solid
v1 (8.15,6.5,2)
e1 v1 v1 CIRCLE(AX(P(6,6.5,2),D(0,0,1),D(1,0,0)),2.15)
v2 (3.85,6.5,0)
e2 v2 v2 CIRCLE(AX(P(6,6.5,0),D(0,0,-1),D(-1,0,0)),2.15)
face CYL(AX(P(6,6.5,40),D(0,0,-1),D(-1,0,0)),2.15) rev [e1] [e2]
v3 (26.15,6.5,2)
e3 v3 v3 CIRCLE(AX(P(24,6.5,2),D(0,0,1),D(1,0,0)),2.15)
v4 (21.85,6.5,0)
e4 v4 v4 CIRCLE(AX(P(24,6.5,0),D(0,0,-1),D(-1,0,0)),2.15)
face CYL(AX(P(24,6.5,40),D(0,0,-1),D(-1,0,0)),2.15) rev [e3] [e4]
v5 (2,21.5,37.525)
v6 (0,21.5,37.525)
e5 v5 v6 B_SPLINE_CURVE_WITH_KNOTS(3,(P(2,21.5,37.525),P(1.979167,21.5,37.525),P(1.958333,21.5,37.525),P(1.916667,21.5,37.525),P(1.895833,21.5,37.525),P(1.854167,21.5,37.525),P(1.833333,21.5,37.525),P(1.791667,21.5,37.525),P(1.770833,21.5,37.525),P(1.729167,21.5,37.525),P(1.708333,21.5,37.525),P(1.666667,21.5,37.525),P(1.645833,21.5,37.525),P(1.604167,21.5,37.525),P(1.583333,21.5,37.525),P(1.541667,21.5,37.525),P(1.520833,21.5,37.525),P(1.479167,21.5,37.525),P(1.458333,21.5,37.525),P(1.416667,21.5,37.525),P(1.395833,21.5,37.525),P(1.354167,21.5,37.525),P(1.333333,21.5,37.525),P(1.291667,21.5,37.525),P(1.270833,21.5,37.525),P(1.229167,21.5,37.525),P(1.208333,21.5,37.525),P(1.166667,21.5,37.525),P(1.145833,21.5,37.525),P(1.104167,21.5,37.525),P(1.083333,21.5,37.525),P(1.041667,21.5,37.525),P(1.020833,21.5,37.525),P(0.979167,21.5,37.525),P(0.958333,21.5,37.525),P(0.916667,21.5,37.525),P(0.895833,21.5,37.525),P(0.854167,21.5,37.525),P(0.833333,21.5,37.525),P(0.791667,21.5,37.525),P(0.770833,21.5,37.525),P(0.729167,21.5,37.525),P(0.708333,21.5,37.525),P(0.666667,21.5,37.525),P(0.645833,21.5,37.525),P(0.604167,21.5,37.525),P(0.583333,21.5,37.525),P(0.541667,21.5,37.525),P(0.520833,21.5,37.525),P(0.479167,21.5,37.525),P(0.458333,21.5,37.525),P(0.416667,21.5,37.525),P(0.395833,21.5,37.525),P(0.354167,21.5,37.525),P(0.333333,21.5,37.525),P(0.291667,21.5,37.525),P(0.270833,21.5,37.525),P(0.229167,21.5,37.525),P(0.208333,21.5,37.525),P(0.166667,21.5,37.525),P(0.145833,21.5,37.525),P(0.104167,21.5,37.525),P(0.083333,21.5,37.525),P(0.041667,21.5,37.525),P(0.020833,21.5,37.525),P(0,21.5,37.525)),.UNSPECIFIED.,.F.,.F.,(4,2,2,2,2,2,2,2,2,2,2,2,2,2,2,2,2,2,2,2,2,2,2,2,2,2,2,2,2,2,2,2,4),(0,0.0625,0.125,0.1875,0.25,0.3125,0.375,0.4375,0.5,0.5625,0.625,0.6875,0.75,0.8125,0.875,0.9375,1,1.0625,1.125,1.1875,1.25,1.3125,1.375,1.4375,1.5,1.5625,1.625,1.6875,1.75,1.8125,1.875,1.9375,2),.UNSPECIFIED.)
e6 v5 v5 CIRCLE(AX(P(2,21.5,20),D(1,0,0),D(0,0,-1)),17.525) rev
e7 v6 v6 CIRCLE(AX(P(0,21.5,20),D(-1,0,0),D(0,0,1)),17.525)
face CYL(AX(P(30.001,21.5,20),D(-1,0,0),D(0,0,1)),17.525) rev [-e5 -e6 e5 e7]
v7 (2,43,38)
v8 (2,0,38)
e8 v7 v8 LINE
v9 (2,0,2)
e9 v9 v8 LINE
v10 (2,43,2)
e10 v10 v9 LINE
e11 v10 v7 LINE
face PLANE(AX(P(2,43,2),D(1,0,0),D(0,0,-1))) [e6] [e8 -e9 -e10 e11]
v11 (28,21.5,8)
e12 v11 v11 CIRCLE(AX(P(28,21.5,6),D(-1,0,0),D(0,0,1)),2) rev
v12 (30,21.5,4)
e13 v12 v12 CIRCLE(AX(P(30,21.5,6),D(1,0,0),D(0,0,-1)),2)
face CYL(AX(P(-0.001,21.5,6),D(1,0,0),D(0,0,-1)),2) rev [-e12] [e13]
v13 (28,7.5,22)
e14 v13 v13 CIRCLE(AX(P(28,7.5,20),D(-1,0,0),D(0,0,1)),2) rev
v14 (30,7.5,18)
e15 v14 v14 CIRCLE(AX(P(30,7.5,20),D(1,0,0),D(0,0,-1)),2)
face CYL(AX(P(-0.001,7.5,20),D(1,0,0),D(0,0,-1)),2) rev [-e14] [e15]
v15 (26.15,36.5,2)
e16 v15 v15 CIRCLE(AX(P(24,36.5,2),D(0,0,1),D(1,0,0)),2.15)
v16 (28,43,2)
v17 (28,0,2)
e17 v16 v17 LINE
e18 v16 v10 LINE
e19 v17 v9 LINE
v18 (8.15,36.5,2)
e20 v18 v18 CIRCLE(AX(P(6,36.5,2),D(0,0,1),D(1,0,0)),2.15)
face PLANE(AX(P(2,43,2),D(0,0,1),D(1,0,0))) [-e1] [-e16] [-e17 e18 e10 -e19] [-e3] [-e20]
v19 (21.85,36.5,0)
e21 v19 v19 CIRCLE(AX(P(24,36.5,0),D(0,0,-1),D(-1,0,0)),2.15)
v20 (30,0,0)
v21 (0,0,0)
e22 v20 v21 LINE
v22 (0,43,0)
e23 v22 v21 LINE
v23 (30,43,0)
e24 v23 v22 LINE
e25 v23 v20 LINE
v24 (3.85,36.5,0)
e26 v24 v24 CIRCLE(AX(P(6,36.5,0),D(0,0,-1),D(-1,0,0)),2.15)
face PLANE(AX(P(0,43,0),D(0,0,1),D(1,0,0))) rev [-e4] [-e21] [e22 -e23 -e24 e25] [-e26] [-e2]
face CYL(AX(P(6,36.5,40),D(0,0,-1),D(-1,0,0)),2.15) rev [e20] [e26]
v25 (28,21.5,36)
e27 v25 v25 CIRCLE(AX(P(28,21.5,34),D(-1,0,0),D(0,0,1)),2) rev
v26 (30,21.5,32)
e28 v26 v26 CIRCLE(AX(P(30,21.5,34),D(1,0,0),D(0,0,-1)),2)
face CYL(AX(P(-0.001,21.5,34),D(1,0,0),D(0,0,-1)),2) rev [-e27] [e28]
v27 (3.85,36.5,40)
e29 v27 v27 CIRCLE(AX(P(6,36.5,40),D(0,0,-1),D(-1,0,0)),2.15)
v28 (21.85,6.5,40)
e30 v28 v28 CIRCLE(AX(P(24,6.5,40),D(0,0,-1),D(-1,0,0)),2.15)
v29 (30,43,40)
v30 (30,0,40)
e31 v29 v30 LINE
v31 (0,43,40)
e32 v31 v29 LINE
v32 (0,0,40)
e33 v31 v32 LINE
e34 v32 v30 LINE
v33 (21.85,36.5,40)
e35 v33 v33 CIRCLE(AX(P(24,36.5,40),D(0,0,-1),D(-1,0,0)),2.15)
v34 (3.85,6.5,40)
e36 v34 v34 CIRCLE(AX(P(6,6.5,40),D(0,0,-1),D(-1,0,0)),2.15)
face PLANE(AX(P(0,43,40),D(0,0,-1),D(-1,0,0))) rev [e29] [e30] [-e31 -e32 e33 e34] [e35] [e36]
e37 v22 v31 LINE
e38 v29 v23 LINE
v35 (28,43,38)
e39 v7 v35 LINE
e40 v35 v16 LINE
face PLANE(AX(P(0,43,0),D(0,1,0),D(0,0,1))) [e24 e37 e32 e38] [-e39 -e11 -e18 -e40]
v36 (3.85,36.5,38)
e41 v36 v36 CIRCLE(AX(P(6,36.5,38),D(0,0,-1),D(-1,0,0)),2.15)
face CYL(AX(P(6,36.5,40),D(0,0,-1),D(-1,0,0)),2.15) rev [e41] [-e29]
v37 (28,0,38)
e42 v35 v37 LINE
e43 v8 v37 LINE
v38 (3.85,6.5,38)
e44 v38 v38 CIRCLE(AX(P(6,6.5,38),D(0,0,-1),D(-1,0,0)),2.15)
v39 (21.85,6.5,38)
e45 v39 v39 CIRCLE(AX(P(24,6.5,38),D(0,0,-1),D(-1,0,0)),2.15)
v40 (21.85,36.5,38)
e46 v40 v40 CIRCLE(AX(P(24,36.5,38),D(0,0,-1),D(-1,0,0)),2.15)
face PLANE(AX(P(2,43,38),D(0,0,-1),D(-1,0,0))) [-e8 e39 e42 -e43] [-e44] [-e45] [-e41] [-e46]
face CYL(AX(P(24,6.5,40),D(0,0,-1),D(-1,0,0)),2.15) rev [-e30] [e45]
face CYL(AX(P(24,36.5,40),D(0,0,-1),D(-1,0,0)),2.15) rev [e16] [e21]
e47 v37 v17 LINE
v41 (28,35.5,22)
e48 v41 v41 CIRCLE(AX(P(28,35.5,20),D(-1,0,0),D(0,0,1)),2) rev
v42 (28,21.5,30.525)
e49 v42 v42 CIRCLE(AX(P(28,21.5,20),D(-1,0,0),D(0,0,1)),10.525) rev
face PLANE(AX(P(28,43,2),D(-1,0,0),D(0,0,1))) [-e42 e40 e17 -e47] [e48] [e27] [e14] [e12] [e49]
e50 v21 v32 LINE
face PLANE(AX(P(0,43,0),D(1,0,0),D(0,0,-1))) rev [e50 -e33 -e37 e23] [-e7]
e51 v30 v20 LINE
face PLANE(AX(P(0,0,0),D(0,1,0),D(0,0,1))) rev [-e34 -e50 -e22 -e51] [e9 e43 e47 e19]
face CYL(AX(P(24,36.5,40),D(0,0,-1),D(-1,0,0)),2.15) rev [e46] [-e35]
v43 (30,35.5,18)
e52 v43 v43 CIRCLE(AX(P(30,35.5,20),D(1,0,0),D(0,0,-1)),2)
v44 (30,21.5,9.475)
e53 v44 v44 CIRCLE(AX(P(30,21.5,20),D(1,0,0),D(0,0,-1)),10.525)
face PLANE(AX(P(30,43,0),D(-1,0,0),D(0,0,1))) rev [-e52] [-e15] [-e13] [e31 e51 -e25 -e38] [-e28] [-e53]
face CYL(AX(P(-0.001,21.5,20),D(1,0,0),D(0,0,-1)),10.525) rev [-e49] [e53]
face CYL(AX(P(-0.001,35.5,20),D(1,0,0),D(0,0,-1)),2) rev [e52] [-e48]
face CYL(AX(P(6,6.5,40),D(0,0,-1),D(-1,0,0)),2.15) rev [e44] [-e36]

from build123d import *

# Parameters (mm, degrees)
SKETCH_1_W          = 30
SKETCH_1_H          = 40
SKETCH_1_W_2        = 26
SKETCH_1_H_2        = 36
EXTRUDE_1_DEPTH     = 43
SKETCH_2_R          = 2.15
CUT_EXTRUDE_1_DEPTH = 66.946948375
CUT_EXTRUDE_2_REACH = 67.947
SKETCH_3_R          = 17.525
CUT_EXTRUDE_3_REACH = 67.947
SKETCH_4_R          = 10.525
SKETCH_4_R_2        = 2


with BuildPart() as part:
    # 草图1 → 凸台-拉伸1 (new body)
    with BuildSketch(Plane(origin=(0, 0, 0), x_dir=(1, 0, 0), z_dir=(0, 1, 0))):
        with Locations((15, -20)):
            Rectangle(SKETCH_1_W, SKETCH_1_H)
        with Locations((15, -20)):
            Rectangle(SKETCH_1_W_2, SKETCH_1_H_2, mode=Mode.SUBTRACT)
    extrude(amount=EXTRUDE_1_DEPTH)

    # 草图2 → 切除-拉伸1 (cut, through all)
    with BuildSketch(Plane(origin=(0, 0, 0), x_dir=(-1, 0, 0), z_dir=(0, 0, -1))):
        with Locations((-6, 6.5)):
            Circle(SKETCH_2_R)
        with Locations((-24, 6.5)):
            Circle(SKETCH_2_R)
        with Locations((-24, 36.5)):
            Circle(SKETCH_2_R)
        with Locations((-6, 36.5)):
            Circle(SKETCH_2_R)
    extrude(amount=-CUT_EXTRUDE_1_DEPTH, mode=Mode.SUBTRACT)

    # 草图3 → 切除-拉伸2 (cut, up to next)
    with BuildSketch(Plane.ZY, mode=Mode.PRIVATE) as cut_extrude_2_sk1:
        with Locations((20, 21.5)):
            Circle(SKETCH_3_R)
    cut_extrude_2_tool1 = extrude(cut_extrude_2_sk1.sketch, amount=-CUT_EXTRUDE_2_REACH, mode=Mode.PRIVATE) & part.part
    add(cut_extrude_2_tool1.solids().sort_by_distance((0, 21.5, 20))[0], mode=Mode.SUBTRACT)

    # 草图4 → 切除-拉伸3 (cut, up to next)
    with BuildSketch(Plane(origin=(30, 0, 0), x_dir=(0, 0, -1), z_dir=(1, 0, 0)), mode=Mode.PRIVATE) as cut_extrude_3_sk1:
        with Locations((-20, 21.5)):
            Circle(SKETCH_4_R)
    cut_extrude_3_tool1 = extrude(cut_extrude_3_sk1.sketch, amount=-CUT_EXTRUDE_3_REACH, mode=Mode.PRIVATE) & part.part
    # 草图4 → 切除-拉伸3 (cut, up to next)
    with BuildSketch(Plane(origin=(30, 0, 0), x_dir=(0, 0, -1), z_dir=(1, 0, 0)), mode=Mode.PRIVATE) as cut_extrude_3_sk2:
        with Locations((-6, 21.5)):
            Circle(SKETCH_4_R_2)
    cut_extrude_3_tool2 = extrude(cut_extrude_3_sk2.sketch, amount=-CUT_EXTRUDE_3_REACH, mode=Mode.PRIVATE) & part.part
    # 草图4 → 切除-拉伸3 (cut, up to next)
    with BuildSketch(Plane(origin=(30, 0, 0), x_dir=(0, 0, -1), z_dir=(1, 0, 0)), mode=Mode.PRIVATE) as cut_extrude_3_sk3:
        with Locations((-20, 7.5)):
            Circle(SKETCH_4_R_2)
    cut_extrude_3_tool3 = extrude(cut_extrude_3_sk3.sketch, amount=-CUT_EXTRUDE_3_REACH, mode=Mode.PRIVATE) & part.part
    # 草图4 → 切除-拉伸3 (cut, up to next)
    with BuildSketch(Plane(origin=(30, 0, 0), x_dir=(0, 0, -1), z_dir=(1, 0, 0)), mode=Mode.PRIVATE) as cut_extrude_3_sk4:
        with Locations((-34, 21.5)):
            Circle(SKETCH_4_R_2)
    cut_extrude_3_tool4 = extrude(cut_extrude_3_sk4.sketch, amount=-CUT_EXTRUDE_3_REACH, mode=Mode.PRIVATE) & part.part
    # 草图4 → 切除-拉伸3 (cut, up to next)
    with BuildSketch(Plane(origin=(30, 0, 0), x_dir=(0, 0, -1), z_dir=(1, 0, 0)), mode=Mode.PRIVATE) as cut_extrude_3_sk5:
        with Locations((-20, 35.5)):
            Circle(SKETCH_4_R_2)
    cut_extrude_3_tool5 = extrude(cut_extrude_3_sk5.sketch, amount=-CUT_EXTRUDE_3_REACH, mode=Mode.PRIVATE) & part.part
    add(cut_extrude_3_tool1.solids().sort_by_distance((30, 21.5, 20))[0], mode=Mode.SUBTRACT)
    add(cut_extrude_3_tool2.solids().sort_by_distance((30, 21.5, 6))[0], mode=Mode.SUBTRACT)
    add(cut_extrude_3_tool3.solids().sort_by_distance((30, 7.5, 20))[0], mode=Mode.SUBTRACT)
    add(cut_extrude_3_tool4.solids().sort_by_distance((30, 21.5, 34))[0], mode=Mode.SUBTRACT)
    add(cut_extrude_3_tool5.solids().sort_by_distance((30, 35.5, 20))[0], mode=Mode.SUBTRACT)


solid = part.part
